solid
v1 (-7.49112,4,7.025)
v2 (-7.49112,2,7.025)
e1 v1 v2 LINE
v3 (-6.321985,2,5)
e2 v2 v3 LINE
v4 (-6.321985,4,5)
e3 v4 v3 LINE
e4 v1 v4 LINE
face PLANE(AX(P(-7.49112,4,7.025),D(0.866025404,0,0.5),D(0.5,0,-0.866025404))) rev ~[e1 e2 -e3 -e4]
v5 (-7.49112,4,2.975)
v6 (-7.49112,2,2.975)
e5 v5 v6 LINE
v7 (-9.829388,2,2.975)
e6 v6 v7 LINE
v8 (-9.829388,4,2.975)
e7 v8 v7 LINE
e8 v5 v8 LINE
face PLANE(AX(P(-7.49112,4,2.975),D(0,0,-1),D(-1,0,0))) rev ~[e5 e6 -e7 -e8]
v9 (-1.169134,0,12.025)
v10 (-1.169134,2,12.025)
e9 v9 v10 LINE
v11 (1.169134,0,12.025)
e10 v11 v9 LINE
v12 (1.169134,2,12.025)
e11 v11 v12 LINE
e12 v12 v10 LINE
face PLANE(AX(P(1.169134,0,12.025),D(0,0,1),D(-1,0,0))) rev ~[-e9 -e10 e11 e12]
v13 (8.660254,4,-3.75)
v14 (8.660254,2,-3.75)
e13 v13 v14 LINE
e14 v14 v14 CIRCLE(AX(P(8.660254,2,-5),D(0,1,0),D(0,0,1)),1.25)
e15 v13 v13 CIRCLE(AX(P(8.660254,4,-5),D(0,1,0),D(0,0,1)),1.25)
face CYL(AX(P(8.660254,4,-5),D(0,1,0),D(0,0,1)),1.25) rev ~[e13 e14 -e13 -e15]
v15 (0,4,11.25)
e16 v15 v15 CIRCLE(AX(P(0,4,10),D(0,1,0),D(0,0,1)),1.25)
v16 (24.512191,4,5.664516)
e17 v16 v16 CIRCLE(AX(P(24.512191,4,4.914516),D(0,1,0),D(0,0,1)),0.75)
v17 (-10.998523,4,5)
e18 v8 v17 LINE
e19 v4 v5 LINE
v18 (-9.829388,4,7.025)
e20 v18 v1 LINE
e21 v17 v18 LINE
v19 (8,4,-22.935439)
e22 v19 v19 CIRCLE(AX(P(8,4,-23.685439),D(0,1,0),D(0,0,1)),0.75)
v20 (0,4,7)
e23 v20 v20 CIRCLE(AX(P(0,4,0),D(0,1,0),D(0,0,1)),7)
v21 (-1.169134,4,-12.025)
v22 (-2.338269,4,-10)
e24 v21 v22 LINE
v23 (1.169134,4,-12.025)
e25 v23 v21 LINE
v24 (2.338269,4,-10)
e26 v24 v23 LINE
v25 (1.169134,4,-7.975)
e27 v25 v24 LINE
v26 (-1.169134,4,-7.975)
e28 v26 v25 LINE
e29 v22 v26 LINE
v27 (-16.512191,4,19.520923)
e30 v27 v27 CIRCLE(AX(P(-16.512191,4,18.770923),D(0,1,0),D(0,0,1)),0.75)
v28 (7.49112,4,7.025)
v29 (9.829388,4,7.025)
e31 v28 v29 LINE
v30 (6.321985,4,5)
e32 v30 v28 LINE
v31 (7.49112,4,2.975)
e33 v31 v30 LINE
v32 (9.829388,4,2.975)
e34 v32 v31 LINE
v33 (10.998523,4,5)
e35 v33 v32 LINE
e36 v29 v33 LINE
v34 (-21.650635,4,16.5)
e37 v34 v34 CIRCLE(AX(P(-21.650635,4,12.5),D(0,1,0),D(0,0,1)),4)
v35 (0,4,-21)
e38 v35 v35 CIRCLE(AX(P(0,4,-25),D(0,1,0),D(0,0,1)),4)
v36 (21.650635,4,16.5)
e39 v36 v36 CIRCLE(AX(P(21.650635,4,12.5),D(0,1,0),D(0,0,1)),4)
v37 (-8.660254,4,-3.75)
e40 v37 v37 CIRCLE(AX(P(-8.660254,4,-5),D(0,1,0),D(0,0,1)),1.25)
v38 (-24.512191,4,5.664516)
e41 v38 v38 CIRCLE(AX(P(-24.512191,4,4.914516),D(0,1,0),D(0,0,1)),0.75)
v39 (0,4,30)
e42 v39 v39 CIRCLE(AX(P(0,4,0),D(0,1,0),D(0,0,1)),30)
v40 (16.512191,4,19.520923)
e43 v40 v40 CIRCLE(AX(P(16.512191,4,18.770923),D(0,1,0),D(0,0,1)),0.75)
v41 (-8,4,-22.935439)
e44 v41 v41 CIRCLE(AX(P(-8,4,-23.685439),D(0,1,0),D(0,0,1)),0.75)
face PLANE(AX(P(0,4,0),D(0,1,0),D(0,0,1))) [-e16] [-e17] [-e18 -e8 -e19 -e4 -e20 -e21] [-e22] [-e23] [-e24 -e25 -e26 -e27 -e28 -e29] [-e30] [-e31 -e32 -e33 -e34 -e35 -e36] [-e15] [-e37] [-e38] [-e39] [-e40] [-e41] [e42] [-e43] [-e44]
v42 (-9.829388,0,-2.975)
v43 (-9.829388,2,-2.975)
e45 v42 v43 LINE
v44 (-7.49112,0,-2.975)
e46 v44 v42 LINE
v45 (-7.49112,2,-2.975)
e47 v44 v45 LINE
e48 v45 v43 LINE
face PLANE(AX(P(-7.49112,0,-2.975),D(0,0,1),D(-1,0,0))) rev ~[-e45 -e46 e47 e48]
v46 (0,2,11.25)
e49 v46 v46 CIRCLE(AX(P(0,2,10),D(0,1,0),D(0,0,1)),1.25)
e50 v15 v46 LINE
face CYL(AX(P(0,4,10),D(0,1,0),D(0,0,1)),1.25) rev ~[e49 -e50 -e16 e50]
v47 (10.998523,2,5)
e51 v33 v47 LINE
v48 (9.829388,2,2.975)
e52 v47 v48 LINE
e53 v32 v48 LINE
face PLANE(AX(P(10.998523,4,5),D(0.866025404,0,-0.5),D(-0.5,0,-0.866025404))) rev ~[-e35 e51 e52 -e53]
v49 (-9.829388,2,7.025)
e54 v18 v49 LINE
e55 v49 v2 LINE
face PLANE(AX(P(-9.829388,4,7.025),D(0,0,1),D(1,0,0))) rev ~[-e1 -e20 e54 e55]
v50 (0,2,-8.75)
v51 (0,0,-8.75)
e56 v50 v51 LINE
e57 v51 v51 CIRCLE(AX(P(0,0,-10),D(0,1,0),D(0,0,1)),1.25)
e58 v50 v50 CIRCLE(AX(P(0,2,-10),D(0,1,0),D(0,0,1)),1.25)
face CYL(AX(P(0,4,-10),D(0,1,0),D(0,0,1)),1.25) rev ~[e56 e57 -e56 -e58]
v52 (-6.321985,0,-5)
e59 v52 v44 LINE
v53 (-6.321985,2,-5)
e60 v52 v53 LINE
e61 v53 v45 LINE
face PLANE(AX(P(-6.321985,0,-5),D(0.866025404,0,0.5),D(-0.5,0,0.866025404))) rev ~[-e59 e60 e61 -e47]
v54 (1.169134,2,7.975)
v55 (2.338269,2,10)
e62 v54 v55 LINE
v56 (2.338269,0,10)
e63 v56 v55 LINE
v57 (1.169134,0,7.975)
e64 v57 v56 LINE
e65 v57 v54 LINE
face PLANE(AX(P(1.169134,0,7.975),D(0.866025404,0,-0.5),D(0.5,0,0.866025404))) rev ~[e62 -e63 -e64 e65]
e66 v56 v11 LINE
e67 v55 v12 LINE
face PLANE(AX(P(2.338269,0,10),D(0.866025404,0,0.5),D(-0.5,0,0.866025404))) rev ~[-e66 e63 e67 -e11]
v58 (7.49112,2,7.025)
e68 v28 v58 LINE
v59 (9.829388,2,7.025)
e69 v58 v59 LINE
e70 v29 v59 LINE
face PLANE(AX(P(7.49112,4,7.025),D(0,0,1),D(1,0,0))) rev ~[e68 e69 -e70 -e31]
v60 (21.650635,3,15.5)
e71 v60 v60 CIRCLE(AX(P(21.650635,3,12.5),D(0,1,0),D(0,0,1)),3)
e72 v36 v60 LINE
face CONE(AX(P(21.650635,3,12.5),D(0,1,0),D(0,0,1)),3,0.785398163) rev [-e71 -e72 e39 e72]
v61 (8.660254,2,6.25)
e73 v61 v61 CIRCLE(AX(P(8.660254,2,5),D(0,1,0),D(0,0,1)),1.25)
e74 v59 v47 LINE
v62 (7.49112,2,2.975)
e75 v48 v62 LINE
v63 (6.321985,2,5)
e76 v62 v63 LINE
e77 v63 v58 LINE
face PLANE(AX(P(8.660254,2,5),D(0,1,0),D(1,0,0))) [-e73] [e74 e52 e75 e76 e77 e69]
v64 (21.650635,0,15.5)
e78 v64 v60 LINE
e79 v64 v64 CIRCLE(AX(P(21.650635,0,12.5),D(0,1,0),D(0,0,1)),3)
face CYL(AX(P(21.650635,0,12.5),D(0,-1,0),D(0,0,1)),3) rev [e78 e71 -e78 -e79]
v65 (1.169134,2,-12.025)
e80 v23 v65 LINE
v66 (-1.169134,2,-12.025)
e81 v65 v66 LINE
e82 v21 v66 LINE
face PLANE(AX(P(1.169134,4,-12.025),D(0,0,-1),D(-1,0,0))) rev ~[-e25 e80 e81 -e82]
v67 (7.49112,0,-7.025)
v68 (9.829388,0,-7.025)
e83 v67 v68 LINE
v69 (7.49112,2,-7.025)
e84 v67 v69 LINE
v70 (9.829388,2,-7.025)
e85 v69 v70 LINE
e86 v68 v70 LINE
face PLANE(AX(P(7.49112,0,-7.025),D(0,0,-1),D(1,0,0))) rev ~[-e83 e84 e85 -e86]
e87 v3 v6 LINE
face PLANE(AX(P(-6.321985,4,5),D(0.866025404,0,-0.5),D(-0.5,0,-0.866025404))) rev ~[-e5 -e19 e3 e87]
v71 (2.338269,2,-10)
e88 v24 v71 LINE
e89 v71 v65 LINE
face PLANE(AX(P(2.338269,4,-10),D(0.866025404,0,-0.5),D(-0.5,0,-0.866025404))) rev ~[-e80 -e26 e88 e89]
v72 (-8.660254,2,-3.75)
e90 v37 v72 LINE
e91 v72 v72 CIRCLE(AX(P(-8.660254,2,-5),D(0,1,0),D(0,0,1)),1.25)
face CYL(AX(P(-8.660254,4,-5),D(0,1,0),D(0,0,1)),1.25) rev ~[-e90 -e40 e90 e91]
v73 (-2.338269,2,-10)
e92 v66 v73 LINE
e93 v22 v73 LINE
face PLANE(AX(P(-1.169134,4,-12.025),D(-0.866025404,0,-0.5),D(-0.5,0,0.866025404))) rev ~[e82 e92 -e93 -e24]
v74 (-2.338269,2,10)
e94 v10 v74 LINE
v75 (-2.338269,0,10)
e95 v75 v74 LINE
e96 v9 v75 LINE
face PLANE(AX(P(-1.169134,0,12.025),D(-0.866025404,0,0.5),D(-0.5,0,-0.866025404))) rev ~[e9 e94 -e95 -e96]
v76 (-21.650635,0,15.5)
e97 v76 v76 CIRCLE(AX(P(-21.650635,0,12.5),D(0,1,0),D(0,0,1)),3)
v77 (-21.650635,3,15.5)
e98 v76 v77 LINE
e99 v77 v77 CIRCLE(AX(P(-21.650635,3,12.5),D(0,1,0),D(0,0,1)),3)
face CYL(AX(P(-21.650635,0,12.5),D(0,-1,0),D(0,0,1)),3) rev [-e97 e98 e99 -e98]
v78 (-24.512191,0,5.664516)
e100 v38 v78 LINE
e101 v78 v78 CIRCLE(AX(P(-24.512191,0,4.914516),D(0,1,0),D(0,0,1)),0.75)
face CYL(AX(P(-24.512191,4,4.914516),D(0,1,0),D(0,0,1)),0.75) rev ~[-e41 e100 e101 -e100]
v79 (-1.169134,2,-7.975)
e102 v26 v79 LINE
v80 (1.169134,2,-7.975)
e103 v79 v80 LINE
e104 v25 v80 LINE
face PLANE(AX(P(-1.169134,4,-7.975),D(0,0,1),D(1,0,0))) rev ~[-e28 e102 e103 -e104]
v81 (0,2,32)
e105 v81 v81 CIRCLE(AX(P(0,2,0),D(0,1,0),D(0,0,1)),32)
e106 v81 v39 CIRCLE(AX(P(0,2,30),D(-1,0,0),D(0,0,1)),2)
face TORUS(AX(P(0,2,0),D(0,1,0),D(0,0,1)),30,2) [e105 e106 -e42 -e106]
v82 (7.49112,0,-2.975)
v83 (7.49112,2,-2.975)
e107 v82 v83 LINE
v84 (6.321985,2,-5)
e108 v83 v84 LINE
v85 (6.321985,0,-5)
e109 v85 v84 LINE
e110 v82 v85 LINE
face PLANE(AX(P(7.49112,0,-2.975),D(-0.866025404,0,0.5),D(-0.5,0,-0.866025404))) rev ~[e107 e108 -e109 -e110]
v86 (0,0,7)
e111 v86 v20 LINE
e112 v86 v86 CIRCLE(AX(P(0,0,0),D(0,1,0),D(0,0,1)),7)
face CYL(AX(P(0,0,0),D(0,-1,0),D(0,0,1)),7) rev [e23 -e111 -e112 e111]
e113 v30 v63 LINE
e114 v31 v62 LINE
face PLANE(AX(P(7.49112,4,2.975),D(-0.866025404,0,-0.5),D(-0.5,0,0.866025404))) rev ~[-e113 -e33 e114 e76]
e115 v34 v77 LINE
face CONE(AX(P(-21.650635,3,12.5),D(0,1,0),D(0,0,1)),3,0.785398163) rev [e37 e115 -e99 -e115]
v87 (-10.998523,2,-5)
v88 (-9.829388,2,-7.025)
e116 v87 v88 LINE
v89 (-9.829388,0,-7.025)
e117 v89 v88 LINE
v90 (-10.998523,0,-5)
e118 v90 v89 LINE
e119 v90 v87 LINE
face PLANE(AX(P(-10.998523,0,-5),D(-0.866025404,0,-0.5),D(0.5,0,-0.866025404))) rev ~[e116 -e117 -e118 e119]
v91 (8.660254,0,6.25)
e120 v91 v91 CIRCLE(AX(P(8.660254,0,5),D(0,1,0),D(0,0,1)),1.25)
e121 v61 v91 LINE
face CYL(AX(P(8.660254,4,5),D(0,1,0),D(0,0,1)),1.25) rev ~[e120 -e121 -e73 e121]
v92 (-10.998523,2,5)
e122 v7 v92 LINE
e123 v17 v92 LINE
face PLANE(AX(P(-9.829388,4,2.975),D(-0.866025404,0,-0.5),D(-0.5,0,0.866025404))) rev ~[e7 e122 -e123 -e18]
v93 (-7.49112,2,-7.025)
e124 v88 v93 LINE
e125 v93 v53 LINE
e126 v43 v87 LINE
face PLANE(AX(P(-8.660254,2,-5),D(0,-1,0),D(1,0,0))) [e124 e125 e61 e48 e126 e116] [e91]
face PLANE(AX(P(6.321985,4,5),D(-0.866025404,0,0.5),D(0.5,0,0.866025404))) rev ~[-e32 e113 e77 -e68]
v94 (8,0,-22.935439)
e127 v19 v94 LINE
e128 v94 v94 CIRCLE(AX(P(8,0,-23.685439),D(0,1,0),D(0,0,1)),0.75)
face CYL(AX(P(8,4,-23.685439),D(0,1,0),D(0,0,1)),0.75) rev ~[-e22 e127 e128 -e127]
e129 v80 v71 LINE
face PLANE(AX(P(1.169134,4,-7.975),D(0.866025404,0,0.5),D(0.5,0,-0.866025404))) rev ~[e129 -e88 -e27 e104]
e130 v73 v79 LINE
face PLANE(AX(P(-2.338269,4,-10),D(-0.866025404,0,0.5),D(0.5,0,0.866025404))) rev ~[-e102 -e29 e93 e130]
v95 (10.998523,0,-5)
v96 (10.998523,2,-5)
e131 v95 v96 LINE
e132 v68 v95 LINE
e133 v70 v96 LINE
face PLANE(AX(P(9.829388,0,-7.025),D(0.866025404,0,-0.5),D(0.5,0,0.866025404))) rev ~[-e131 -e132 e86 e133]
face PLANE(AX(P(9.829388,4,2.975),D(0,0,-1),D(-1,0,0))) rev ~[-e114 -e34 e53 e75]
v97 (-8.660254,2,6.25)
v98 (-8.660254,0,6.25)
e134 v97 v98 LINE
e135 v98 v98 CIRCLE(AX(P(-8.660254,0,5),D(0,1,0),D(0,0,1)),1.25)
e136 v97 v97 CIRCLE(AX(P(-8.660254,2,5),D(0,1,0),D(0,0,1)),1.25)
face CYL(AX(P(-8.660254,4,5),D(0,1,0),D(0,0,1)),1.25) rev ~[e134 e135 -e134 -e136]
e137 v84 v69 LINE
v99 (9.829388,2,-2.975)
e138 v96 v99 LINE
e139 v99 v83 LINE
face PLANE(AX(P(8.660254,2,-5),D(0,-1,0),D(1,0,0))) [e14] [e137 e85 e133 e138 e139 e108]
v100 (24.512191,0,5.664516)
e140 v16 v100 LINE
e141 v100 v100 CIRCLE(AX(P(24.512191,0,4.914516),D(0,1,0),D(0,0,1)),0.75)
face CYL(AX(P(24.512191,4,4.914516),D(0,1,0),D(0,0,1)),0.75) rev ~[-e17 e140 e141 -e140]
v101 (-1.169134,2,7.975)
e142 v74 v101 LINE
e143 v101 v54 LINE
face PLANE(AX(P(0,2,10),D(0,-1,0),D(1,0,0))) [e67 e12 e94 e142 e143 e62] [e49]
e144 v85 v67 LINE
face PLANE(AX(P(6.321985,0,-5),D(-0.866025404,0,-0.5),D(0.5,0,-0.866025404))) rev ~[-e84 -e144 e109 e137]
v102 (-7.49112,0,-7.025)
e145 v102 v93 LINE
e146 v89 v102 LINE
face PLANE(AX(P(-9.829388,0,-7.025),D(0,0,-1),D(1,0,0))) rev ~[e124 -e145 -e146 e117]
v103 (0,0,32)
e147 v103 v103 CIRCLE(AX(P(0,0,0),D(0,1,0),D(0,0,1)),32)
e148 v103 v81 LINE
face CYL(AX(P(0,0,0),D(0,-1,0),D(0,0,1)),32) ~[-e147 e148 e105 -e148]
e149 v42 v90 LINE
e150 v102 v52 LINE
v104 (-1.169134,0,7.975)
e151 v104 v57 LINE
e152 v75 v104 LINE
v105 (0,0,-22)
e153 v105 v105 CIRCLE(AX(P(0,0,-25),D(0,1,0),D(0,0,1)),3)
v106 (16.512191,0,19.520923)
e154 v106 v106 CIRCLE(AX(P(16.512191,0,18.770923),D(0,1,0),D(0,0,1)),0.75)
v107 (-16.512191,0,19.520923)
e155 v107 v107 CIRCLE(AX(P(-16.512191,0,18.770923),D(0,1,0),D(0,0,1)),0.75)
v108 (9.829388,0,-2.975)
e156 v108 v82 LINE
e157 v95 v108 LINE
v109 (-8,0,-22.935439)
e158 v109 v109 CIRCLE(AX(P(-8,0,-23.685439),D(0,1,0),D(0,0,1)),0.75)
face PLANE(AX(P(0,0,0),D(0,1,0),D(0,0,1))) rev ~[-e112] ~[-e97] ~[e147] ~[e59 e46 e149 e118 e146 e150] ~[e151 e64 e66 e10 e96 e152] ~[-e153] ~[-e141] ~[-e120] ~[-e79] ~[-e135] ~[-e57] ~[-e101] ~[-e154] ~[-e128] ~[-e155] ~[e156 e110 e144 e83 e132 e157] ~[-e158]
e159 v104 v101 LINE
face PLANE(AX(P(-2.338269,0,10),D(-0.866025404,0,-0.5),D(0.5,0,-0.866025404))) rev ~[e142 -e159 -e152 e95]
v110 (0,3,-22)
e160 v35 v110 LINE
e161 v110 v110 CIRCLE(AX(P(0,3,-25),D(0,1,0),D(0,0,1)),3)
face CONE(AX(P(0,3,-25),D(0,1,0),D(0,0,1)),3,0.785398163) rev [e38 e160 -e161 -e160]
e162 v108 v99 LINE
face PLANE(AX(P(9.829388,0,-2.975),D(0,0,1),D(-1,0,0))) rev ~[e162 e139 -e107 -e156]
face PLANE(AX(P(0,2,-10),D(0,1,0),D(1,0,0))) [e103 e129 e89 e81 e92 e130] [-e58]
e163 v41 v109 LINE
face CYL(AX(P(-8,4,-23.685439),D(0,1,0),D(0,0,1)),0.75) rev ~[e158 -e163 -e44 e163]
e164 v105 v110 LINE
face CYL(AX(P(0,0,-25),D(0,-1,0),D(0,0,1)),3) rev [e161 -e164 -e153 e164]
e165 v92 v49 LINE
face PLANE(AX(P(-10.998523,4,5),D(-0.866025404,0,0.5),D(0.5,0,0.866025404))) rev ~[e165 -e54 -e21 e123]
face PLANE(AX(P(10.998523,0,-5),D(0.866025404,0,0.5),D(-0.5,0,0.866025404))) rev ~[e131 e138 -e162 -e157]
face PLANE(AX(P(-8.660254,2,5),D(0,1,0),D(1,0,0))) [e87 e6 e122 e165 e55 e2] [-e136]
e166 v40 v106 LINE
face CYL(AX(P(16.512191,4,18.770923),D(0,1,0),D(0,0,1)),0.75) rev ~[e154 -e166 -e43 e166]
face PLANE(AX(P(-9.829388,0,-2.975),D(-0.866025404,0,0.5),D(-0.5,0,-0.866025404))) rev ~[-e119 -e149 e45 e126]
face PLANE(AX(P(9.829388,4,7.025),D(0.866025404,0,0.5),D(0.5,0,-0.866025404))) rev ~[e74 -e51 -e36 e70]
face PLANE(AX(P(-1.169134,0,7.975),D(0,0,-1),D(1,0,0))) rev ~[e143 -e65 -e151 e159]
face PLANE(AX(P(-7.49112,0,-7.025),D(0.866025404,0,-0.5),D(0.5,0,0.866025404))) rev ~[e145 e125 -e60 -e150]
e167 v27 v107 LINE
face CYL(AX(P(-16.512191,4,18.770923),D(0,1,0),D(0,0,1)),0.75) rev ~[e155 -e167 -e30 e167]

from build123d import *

# Parameters (mm, degrees)
SKETCH_1_R          = 32
SKETCH_1_R_2        = 7
SKETCH_1_R_3        = 3
EXTRUDE_1_DEPTH     = 4
FILLET_1_R          = 2
SKETCH_2_R          = 1.25
CUT_EXTRUDE_1_DEPTH = 46.431266766
CUT_EXTRUDE_2_DEPTH = 2
CUT_EXTRUDE_3_DEPTH = 2
CHAMFER_1_SIZE      = 1
SKETCH_5_R          = 0.75
CUT_EXTRUDE_4_DEPTH = 46.431266766


with BuildPart() as part:
    # Эскиз1 → Бобышка-Вытянуть1 (new body)
    with BuildSketch(Plane(origin=(0, 0, 0), x_dir=(1, 0, 0), z_dir=(0, 1, 0))):
        with Locations(Location((0, 0, 0), (0, 0, 270))):
            Circle(SKETCH_1_R)
        with Locations(Location((0, 0, 0), (0, 0, 270))):
            Circle(SKETCH_1_R_2, mode=Mode.SUBTRACT)
        with Locations(Location((0, 25, 0), (0, 0, 270))):
            Circle(SKETCH_1_R_3, mode=Mode.SUBTRACT)
        with Locations(Location((21.650635095, -12.5, 0), (0, 0, 270))):
            Circle(SKETCH_1_R_3, mode=Mode.SUBTRACT)
        with Locations(Location((-21.650635095, -12.5, 0), (0, 0, 270))):
            Circle(SKETCH_1_R_3, mode=Mode.SUBTRACT)
    extrude(amount=EXTRUDE_1_DEPTH)

    # Скругление1
    fillet_1_edges = [part.edges().sort_by_distance(p)[0] for p in [
        (0, 4, -32),
    ]]
    fillet(fillet_1_edges, radius=FILLET_1_R)

    # Эскиз2 → Вырез-Вытянуть1 (cut, through all)
    with BuildSketch(Plane(origin=(0, 4, 0), x_dir=(1, 0, 0), z_dir=(0, 1, 0))):
        with Locations(Location((0, 10, 0), (0, 0, 270))):
            Circle(SKETCH_2_R)
        with Locations(Location((8.660254038, 5, 0), (0, 0, 270))):
            Circle(SKETCH_2_R)
        with Locations(Location((8.660254038, -5, 0), (0, 0, 270))):
            Circle(SKETCH_2_R)
        with Locations(Location((0, -10, 0), (0, 0, 270))):
            Circle(SKETCH_2_R)
        with Locations(Location((-8.660254038, -5, 0), (0, 0, 270))):
            Circle(SKETCH_2_R)
        with Locations(Location((-8.660254038, 5, 0), (0, 0, 270))):
            Circle(SKETCH_2_R)
    extrude(amount=-CUT_EXTRUDE_1_DEPTH, mode=Mode.SUBTRACT)

    # Эскиз3 → Вырез-Вытянуть2 (cut)
    with BuildSketch(Plane(origin=(0, 4, 0), x_dir=(1, 0, 0), z_dir=(0, 1, 0))):
        Polygon((9.829388333, -7.025), (10.998522628, -5), (9.829388333, -2.975), (7.491119743, -2.975), (6.321985448, -5), (7.491119743, -7.025), align=None)
        Polygon((1.169134295, 7.975), (2.33826859, 10), (1.169134295, 12.025), (-1.169134295, 12.025), (-2.33826859, 10), (-1.169134295, 7.975), align=None)
        Polygon((-10.998522628, -5), (-9.829388333, -7.025), (-7.491119743, -7.025), (-6.321985448, -5), (-7.491119743, -2.975), (-9.829388333, -2.975), align=None)
    extrude(amount=-CUT_EXTRUDE_2_DEPTH, mode=Mode.SUBTRACT)

    # Эскиз4 → Вырез-Вытянуть3 (cut)
    with BuildSketch(Plane.XZ):
        Polygon((7.491119743, -7.025), (9.829388333, -7.025), (10.998522628, -5), (9.829388333, -2.975), (7.491119743, -2.975), (6.321985448, -5), align=None)
        Polygon((-1.169134295, 7.975), (1.169134295, 7.975), (2.33826859, 10), (1.169134295, 12.025), (-1.169134295, 12.025), (-2.33826859, 10), align=None)
        Polygon((-9.829388333, -2.975), (-10.998522628, -5), (-9.829388333, -7.025), (-7.491119743, -7.025), (-6.321985448, -5), (-7.491119743, -2.975), align=None)
    extrude(amount=-CUT_EXTRUDE_3_DEPTH, mode=Mode.SUBTRACT)

    # Фаска1
    chamfer_1_edges = [part.edges().sort_by_distance(p)[0] for p in [
        (21.650635095, 4, 9.5),
        (-21.650635095, 4, 9.5),
        (0, 4, -28),
    ]]
    chamfer(chamfer_1_edges, length=CHAMFER_1_SIZE)

    # Эскиз5 → Вырез-Вытянуть4 (cut, through all)
    with BuildSketch(Plane(origin=(0, 4, 0), x_dir=(1, 0, 0), z_dir=(0, 1, 0))):
        with Locations(Location((8, 23.685438565, 0), (0, 0, 270))):
            Circle(SKETCH_5_R)
        with Locations(Location((-8, 23.685438565, 0), (0, 0, 270))):
            Circle(SKETCH_5_R)
        with Locations(Location((24.512191497, -4.914516052, 0), (0, 0, 270))):
            Circle(SKETCH_5_R)
        with Locations(Location((16.512191497, -18.770922513, 0), (0, 0, 270))):
            Circle(SKETCH_5_R)
        with Locations(Location((-16.512191497, -18.770922513, 0), (0, 0, 270))):
            Circle(SKETCH_5_R)
        with Locations(Location((-24.512191497, -4.914516052, 0), (0, 0, 270))):
            Circle(SKETCH_5_R)
    extrude(amount=-CUT_EXTRUDE_4_DEPTH, mode=Mode.SUBTRACT)


solid = part.part
